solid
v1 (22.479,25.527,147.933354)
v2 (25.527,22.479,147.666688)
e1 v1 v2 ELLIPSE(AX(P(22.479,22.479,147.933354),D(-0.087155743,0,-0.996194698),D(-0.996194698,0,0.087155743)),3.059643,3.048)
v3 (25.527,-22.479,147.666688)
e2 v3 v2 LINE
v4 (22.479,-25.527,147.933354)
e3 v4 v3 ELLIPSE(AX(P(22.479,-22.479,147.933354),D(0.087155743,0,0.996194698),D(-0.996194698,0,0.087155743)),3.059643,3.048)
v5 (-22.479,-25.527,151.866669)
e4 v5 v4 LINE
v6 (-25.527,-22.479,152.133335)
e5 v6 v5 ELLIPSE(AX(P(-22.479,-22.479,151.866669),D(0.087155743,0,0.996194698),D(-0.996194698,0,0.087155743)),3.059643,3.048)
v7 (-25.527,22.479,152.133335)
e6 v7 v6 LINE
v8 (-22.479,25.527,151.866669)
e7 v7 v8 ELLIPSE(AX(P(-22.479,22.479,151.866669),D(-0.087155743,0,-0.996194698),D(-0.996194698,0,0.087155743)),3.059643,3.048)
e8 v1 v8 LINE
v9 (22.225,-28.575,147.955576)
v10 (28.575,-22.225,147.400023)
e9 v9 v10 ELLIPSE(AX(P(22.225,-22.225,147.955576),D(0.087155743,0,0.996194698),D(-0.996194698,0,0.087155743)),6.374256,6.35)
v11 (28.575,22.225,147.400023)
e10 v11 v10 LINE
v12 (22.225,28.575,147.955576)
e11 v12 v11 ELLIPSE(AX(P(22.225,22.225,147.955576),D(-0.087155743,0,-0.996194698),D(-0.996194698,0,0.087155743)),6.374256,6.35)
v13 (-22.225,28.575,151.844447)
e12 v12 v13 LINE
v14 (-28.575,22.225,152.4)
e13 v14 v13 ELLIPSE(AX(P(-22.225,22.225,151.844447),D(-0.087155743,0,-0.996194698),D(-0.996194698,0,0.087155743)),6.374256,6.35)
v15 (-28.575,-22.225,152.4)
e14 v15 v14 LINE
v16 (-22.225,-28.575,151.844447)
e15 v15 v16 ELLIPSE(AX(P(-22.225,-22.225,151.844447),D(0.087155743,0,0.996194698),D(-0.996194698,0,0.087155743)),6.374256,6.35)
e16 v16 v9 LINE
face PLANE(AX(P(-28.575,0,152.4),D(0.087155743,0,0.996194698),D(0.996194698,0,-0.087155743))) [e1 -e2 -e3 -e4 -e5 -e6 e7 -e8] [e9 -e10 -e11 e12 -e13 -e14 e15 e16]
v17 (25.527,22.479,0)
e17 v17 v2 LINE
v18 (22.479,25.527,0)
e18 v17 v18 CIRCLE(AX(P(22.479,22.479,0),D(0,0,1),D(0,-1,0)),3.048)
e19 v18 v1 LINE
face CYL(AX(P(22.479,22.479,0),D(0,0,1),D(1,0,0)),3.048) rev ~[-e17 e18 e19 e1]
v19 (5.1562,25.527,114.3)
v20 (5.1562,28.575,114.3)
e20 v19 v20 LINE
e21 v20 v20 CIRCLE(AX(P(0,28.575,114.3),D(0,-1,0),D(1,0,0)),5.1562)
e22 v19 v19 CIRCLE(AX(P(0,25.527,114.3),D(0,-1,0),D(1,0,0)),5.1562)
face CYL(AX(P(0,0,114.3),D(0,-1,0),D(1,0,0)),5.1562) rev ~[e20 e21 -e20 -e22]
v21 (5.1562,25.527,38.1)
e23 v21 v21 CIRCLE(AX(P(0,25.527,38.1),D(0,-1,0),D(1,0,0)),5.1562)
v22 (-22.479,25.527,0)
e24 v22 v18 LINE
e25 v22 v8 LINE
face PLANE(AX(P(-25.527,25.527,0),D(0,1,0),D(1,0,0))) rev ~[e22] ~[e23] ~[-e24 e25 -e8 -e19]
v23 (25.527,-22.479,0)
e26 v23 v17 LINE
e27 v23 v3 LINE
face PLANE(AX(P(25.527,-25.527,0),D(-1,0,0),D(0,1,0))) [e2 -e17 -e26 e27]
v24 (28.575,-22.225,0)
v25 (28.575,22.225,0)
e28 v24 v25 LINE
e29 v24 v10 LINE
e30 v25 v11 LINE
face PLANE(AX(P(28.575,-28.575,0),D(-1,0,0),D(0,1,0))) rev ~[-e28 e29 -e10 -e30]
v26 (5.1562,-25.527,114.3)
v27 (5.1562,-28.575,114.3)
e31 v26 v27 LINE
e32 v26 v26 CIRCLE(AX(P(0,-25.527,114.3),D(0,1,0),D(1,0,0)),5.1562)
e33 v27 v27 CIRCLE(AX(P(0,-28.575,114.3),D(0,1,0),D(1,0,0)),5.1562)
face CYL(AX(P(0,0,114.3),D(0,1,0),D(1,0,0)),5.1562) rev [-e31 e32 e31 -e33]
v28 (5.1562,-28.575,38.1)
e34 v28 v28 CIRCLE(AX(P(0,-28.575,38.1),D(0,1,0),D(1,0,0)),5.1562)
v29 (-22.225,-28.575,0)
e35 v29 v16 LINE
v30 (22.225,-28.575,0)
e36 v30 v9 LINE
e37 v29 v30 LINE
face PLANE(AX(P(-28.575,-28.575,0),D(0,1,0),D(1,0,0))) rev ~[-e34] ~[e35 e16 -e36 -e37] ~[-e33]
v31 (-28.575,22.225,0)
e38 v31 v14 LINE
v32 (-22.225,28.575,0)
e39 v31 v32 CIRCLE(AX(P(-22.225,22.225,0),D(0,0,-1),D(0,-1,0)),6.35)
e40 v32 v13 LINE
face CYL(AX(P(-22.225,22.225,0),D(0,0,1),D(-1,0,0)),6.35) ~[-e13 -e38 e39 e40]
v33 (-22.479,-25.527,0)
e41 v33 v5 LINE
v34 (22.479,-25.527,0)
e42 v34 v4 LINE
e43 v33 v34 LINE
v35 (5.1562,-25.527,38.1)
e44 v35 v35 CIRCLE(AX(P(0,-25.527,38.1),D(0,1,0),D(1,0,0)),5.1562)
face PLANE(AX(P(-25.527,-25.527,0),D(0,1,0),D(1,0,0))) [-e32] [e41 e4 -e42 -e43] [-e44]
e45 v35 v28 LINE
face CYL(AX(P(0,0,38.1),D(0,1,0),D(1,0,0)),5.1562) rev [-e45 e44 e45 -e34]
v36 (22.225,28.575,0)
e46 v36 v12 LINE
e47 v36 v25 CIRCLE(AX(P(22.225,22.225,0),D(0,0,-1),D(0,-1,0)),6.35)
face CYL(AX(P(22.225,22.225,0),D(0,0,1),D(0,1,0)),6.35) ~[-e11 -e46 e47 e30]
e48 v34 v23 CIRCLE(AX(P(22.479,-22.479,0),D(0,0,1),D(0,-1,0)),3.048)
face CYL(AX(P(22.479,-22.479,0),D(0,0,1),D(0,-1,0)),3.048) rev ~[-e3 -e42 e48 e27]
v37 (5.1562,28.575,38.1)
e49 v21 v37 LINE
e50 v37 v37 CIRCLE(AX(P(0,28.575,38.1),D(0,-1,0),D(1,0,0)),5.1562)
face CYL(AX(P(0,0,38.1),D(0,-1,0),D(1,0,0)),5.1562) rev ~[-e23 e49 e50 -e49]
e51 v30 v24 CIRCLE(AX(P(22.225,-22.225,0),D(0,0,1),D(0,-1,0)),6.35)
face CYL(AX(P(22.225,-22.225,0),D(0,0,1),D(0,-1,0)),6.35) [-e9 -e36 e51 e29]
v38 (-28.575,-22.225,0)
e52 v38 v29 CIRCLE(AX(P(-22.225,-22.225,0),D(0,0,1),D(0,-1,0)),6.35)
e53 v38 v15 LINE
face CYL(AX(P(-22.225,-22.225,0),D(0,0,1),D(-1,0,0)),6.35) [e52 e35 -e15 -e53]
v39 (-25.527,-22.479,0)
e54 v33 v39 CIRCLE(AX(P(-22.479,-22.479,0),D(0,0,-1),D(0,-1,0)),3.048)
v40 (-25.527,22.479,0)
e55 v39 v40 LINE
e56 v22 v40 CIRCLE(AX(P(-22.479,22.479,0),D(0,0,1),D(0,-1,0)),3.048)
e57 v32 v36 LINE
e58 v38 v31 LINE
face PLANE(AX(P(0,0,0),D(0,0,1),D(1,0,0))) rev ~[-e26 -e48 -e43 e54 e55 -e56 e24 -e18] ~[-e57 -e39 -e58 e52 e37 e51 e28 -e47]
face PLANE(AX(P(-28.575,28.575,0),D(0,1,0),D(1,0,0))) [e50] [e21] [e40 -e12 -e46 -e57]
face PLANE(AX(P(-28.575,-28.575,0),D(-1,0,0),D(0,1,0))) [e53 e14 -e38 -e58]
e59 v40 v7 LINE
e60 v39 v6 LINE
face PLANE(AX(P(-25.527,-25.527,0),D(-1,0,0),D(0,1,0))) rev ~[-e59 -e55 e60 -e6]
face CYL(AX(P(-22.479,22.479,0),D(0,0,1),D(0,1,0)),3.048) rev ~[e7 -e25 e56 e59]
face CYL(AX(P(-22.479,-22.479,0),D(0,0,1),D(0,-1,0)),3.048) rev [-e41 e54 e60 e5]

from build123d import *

# Parameters (mm, degrees)
F0_W          = 57.15
F0_H          = 57.15
F0_W_2        = 51.054
F0_H_2        = 51.054
F1_DEPTH      = 152.4
F2_R          = 3.048
F3_R          = 6.35
F5_DEPTH      = 28.576
F5_DEPTH_BACK = 28.576
F6_R          = 5.1562
F7_DEPTH      = 28.576
F7_DEPTH_BACK = 28.576


with BuildPart() as f1:
    # F0 (on Top) → F1 (new body)
    with BuildSketch(Plane.XY):
        Rectangle(F0_W, F0_H)
        Rectangle(F0_W_2, F0_H_2, mode=Mode.SUBTRACT)
    extrude(amount=F1_DEPTH)

    # F2
    f2_edges = [f1.edges().sort_by_distance(p)[0] for p in [
        (25.527, 25.527, 76.2),
        (-25.527, 25.527, 76.2),
        (-25.527, -25.527, 76.2),
        (25.527, -25.527, 76.2),
    ]]
    fillet(f2_edges, radius=F2_R)

    # F3
    f3_edges = [f1.edges().sort_by_distance(p)[0] for p in [
        (-28.575, 28.575, 76.2),
        (-28.575, -28.575, 76.2),
        (28.575, -28.575, 76.2),
        (28.575, 28.575, 76.2),
    ]]
    fillet(f3_edges, radius=F3_R)

    # F4 (on Front) → F5 (cut, two sides)
    with BuildSketch(Plane.XZ) as f5_sk:
        Polygon((-28.575, 152.4), (28.575, 147.4000228795), (28.575, 152.4), align=None)
    extrude(amount=-F5_DEPTH, mode=Mode.SUBTRACT)
    extrude(f5_sk.sketch, amount=F5_DEPTH_BACK, mode=Mode.SUBTRACT)

    # F6 (on Front) → F7 (cut, two sides)
    with BuildSketch(Plane.XZ) as f7_sk:
        with Locations((0, 114.3)):
            Circle(F6_R)
        with Locations((0, 38.1)):
            Circle(F6_R)
    extrude(amount=F7_DEPTH, mode=Mode.SUBTRACT)
    extrude(f7_sk.sketch, amount=-F7_DEPTH_BACK, mode=Mode.SUBTRACT)


solid = f1.part
